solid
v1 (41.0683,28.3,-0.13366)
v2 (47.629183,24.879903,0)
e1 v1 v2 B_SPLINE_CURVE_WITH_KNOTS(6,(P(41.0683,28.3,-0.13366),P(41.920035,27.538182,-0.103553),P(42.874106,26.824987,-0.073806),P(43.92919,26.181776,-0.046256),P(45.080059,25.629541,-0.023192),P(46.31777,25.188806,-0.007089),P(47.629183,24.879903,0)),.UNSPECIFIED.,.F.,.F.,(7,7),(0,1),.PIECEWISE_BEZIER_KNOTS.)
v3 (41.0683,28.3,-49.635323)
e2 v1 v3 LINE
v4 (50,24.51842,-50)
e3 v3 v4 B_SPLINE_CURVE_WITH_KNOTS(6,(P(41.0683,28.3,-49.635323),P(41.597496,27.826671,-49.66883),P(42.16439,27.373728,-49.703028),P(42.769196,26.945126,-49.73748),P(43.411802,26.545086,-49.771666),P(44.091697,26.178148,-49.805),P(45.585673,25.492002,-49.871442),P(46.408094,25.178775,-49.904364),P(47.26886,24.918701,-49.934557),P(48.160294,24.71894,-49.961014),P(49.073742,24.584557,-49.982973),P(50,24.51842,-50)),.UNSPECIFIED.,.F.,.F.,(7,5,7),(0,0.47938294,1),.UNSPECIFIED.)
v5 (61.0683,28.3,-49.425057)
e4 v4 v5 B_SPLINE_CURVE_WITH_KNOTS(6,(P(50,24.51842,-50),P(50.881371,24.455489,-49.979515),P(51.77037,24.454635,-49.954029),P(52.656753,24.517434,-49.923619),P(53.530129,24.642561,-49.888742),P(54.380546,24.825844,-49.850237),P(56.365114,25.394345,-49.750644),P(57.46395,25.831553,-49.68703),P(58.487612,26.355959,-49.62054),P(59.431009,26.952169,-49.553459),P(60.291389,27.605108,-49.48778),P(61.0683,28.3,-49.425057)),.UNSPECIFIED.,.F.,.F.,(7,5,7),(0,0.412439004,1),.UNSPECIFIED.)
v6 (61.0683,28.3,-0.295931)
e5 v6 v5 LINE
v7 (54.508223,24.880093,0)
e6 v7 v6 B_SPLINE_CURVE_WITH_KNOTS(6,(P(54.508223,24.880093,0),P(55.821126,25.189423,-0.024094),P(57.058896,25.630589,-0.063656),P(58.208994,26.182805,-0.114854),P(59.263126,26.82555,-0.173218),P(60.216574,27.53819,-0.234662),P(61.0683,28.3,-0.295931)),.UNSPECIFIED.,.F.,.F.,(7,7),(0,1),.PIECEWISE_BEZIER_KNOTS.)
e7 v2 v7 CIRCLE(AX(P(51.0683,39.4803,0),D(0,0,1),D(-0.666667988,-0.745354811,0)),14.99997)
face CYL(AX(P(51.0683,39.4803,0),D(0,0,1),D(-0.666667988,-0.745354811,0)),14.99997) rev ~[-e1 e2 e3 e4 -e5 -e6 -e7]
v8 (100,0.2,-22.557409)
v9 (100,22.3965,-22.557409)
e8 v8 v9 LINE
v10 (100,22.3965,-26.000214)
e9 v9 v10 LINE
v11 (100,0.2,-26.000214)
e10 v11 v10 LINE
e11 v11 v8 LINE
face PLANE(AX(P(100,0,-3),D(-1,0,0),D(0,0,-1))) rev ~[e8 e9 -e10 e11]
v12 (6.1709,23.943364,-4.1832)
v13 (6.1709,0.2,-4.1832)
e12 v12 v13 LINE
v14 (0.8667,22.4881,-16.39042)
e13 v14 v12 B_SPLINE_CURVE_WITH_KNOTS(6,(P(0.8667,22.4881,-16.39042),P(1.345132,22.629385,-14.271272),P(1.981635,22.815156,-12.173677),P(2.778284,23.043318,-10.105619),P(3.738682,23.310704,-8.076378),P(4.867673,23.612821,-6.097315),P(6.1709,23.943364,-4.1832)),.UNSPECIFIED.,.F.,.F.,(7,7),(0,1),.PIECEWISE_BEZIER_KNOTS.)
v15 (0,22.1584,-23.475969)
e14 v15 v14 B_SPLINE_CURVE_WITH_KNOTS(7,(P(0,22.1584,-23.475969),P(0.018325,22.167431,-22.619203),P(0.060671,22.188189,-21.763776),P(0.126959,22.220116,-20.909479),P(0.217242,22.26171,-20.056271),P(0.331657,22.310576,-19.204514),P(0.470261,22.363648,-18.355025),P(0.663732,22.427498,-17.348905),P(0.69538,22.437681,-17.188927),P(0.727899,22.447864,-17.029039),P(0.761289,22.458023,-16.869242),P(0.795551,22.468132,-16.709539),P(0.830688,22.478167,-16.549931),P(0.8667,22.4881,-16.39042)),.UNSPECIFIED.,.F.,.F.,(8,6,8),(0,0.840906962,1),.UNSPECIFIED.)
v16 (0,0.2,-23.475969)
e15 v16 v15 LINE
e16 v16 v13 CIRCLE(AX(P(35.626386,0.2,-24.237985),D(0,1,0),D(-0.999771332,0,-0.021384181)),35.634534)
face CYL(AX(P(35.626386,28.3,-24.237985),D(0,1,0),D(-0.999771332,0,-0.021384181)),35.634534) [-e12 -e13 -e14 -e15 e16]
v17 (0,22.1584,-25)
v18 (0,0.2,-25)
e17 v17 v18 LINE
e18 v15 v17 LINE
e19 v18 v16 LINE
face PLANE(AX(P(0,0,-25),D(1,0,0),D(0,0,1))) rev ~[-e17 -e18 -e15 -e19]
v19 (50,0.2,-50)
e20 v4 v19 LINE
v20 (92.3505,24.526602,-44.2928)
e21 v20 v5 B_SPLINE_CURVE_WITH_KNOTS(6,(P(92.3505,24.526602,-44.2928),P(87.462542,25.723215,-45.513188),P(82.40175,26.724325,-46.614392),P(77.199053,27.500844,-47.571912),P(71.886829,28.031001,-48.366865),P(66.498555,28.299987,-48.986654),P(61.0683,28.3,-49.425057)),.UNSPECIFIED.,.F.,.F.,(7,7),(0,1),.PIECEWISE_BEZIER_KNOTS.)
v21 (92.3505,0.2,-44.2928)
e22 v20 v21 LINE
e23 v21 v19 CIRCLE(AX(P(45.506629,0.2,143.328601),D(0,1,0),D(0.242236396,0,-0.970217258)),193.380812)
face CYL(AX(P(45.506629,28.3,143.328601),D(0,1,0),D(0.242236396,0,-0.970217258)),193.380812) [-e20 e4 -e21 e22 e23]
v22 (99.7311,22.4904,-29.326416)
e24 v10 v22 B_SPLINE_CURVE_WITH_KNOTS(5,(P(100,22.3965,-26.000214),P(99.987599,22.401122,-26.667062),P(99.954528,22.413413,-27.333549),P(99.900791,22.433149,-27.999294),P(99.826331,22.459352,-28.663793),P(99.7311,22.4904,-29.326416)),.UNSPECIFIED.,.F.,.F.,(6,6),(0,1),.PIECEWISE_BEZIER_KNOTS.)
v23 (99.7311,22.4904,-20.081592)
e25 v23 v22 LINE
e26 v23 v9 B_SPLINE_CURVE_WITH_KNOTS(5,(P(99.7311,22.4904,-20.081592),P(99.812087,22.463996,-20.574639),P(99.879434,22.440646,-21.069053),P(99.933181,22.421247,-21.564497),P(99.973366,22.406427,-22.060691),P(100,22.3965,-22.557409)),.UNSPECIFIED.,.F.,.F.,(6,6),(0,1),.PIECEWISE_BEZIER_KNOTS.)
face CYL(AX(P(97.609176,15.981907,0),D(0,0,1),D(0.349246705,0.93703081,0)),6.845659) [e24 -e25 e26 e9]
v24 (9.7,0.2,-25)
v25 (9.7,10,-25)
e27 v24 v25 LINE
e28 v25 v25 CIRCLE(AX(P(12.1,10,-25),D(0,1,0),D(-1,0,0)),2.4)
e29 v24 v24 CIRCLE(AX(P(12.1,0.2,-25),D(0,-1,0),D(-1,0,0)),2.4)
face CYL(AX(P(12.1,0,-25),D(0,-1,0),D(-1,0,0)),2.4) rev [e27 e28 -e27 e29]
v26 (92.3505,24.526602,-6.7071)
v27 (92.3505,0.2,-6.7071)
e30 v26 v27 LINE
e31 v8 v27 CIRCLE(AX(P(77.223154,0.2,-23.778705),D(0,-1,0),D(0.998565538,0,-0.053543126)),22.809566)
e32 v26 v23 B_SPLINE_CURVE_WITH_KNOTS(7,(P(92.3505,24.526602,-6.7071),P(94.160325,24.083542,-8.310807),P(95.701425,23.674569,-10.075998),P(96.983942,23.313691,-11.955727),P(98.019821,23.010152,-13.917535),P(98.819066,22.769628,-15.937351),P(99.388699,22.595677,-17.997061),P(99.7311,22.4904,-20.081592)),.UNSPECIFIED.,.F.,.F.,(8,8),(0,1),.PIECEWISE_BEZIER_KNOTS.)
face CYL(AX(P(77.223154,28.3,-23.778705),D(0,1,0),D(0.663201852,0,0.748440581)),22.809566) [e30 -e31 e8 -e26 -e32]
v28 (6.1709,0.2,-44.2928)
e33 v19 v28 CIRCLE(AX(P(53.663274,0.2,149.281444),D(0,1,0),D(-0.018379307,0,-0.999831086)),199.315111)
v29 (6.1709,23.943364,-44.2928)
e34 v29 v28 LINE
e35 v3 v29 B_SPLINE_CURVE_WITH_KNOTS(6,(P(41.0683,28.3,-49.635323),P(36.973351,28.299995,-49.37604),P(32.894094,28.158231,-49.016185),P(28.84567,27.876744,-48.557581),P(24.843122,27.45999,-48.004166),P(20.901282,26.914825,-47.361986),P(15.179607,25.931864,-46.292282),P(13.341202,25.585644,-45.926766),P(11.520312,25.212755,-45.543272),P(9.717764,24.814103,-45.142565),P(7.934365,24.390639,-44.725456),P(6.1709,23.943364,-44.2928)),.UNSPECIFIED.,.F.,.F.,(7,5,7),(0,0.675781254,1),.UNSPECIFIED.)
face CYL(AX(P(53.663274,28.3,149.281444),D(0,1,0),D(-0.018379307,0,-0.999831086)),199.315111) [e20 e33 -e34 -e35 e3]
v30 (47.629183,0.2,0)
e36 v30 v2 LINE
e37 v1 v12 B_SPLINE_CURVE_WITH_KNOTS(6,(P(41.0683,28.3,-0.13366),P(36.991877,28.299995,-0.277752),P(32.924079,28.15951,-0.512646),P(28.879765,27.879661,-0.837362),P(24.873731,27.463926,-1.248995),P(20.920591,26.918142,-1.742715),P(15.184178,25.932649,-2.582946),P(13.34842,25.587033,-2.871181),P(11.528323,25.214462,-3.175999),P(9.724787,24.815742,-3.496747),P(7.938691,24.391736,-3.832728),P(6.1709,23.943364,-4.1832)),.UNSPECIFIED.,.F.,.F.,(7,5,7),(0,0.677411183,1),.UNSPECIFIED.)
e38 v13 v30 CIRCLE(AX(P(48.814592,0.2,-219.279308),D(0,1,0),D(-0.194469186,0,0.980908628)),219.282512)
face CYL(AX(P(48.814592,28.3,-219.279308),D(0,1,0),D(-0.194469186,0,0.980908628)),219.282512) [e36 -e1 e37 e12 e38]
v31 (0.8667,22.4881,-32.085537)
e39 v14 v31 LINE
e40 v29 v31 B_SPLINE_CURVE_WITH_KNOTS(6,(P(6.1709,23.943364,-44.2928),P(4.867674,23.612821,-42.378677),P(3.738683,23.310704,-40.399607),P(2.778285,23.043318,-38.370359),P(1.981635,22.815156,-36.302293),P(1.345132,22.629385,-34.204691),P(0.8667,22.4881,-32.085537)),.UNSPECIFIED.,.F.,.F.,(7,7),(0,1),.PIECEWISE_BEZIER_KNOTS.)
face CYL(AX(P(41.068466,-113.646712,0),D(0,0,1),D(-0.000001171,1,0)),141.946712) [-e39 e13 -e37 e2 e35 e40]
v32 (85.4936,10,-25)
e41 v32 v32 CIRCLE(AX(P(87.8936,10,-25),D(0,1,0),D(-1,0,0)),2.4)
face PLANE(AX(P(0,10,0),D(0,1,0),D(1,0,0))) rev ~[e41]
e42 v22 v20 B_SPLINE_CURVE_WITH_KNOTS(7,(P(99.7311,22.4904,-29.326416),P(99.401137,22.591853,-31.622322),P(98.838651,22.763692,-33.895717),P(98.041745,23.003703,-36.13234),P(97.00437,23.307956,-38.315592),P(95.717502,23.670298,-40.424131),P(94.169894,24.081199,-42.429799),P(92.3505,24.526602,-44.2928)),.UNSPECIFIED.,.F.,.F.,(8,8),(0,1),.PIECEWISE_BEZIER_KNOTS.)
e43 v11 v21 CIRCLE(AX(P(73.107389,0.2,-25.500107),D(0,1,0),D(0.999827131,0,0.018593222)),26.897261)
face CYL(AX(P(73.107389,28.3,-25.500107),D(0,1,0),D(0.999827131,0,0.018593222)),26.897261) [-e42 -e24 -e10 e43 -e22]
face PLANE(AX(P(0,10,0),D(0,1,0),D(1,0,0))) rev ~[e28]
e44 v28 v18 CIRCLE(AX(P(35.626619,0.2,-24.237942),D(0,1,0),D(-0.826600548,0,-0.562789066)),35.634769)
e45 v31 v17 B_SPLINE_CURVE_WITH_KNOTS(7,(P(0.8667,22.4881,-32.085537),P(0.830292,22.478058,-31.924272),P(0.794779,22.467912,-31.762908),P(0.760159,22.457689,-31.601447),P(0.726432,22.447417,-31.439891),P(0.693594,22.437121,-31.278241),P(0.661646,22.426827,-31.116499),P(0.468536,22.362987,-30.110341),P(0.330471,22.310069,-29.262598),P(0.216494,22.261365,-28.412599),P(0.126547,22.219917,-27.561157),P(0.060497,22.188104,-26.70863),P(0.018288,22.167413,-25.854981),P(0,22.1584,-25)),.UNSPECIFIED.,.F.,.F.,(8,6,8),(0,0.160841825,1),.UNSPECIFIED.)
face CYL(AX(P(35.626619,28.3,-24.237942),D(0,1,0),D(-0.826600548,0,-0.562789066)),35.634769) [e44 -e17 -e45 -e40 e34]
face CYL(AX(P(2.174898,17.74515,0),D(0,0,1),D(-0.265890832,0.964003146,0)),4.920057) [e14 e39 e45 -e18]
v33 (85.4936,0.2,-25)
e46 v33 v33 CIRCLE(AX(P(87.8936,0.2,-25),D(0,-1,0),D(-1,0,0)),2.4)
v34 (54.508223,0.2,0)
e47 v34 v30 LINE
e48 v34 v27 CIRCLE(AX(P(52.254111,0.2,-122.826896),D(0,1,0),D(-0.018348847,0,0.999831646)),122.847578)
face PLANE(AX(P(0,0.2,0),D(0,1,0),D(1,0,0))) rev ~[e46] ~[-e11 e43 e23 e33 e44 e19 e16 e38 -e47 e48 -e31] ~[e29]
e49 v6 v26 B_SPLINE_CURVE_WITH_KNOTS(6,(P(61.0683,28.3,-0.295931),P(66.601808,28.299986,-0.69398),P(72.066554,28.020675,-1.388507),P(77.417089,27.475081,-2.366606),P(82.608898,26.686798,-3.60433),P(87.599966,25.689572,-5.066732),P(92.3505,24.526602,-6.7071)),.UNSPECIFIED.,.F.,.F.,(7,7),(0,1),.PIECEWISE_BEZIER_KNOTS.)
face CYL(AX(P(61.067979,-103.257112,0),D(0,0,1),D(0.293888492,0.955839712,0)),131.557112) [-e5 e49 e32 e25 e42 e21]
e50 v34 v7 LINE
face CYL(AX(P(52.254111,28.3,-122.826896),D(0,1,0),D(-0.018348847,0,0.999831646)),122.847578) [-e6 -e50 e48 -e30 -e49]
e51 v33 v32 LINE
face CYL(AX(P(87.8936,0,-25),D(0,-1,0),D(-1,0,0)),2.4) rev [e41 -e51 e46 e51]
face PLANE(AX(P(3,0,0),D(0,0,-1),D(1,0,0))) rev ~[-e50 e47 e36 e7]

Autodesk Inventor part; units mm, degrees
ref_plane "YZ Plane" through (0, 0, 0) normal (1, 0, 0) x (0, 1, 0)
ref_plane "XZ Plane" through (0, 0, 0) normal (0, 1, 0) x (-1, 0, 0)
ref_plane "XY Plane" through (0, 0, 0) normal (0, 0, 1) x (1, 0, 0)
sketch "Sketch1" plane through (0, 0, 0) normal (0, 1, 0) x (-1, 0, 0)
  line L0 (-3, 0) -> (-97, 0)
  line L1 (-100, -3) -> (-100, -47)
  line L2 (-97, -50) -> (-3, -50)
  line L3 (0, -47) -> (0, -3)
  line L4 (0, -50) -> (0, -25)
  line L5 (0, -25) -> (-12.1, -25)
  circle A0 centre (-12.1, -25) radius 2.4
  line L6 (-12.1, -25) -> (-87.8936, -25)
  circle A1 centre (-87.8936, -25) radius 2.4
  arc A2 (0, -3) -> (-3, 0) centre (-3, -3) ccw
  arc A3 (-3, -50) -> (0, -47) centre (-3, -47) ccw
  arc A4 (-97, 0) -> (-100, -3) centre (-97, -3) ccw
  arc A5 (-100, -47) -> (-97, -50) centre (-97, -47) ccw
  point P0 (0, 0)
  point P1 (-100, -50)
  point P2 (-100, 0)
  dimension "d0" = 100
  dimension "d1" = 50
  dimension "d2" = 25
  dimension "d3" = 12.1
  dimension "d4" = 4.8
  dimension "d5" = 75.7936
  dimension "d6" = 4.8
  dimension "d7" = 3
extrude "Extrusion1" add sketch "Sketch1" along normal blind 10
sketch "Sketch2" plane through (0, 10, 0) normal (0, 1, 0) x (1, 0, 0)
  line L0 (2, 0) -> (98, 0)
  line L1 (100, 2) -> (100, 48)
  line L2 (98, 50) -> (2, 50)
  line L3 (0, 48) -> (0, 2)
  arc A0 (98, 0) -> (100, 2) centre (98, 2) ccw
  arc A1 (0, 2) -> (2, 0) centre (2, 2) ccw
  arc A2 (2, 50) -> (0, 48) centre (2, 48) ccw
  arc A3 (100, 48) -> (98, 50) centre (98, 48) ccw
  point P0 (0, 0)
  dimension "d10" = 2
extrude "Extrusion2" add sketch "Sketch2" along normal blind 18.3
sketch "Sketch3" plane through (3, 0, 0) normal (0, 0, 1) x (1, 0, 0)
  point P0 (-3, 0)
sketch "Sketch4" plane through (0, 28.3, 0) normal (0, 1, 0) x (1, 0, 0)
  line L0 (3, 0) -> (97, 0) projected
  arc A0 (6.1709, 4.1832) -> (50, 0) centre (48.8144, 219.278) ccw
  line L1 (0, 47) -> (0, 3) projected
  arc A1 (0, 25) -> (6.1709, 4.1832) centre (35.6265, 24.238) ccw
  arc A2 (6.1709, 44.2928) -> (0, 25) centre (35.6265, 24.238) ccw
  line L2 (97, 50) -> (3, 50) projected
  arc A3 (50, 50) -> (6.1709, 44.2928) centre (53.6635, -149.2845) ccw
  arc A4 (92.3505, 44.2928) -> (50, 50) centre (45.5073, -143.3251) ccw
  line L3 (100, 3) -> (100, 47) projected
  arc A5 (100, 25) -> (92.3505, 44.2928) centre (73.1068, 25.5) ccw
  arc A6 (92.3505, 6.7071) -> (100, 25) centre (77.2233, 23.7786) ccw
  arc A7 (50, 0) -> (92.3505, 6.7071) centre (52.254, 122.8285) ccw
  point P0 (0, 0)
extrude "Extrusion3" cut sketch "Sketch4" against normal blind 28.1 keep common part
sketch "Sketch5" plane through (47.6287, 28.3, 0) normal (0, 0, 1) x (1, 0, 0)
  line L0 (0, 0) -> (6.8792, 0) projected
  line L1 (3.4396, 0) -> (-6.5604, 0)
  line L2 (3.4396, 0) -> (13.4396, 0)
  line L3 (6.8792, 0) -> (44.7218, 0) projected
  arc A0 (-6.5604, 0) -> (13.4396, 0) centre (3.4396, 11.1803) ccw
  point P0 (-47.6287, -28.3)
  dimension "d15" = 10
  dimension "d16" = 10
  dimension "d17" = 15
extrude "Extrusion4" cut sketch "Sketch5" against normal blind 50
sketch "Sketch6" plane through (47.6287, 0.2, 0) normal (0, 0, 1) x (1, 0, 0)
  arc A0 (-6.5604, 28.1) -> (-46.762, 22.2881) centre (-6.5604, -113.8444) ccw
  arc A1 (52.1024, 22.2904) -> (13.4396, 28.1) centre (13.4396, -103.4557) ccw
  line L0 (52.1024, 22.2904) -> (52.3713, 28.1)
  line L1 (52.3713, 28.1) -> (13.4396, 28.1)
  line L2 (-6.5604, 28.1) -> (-47.6287, 28.1)
  line L3 (-47.6287, 28.1) -> (-46.762, 22.2881)
  point P0 (-47.6287, -0.2)
extrude "Extrusion5" cut sketch "Sketch6" against normal blind 50
sketch "Sketch7" plane through (47.6287, 0.2, 0) normal (0, 0, 1) x (1, 0, 0)
  line L0 (-47.6287, 28.1) -> (-47.6287, 0) projected
  arc A0 (-46.762, 22.2881) -> (-47.6287, 21.9584) centre (-45.4512, 17.5372) ccw
  line L1 (-47.6287, 21.9584) -> (-47.6287, 28.1)
  line L2 (-46.762, 22.2881) -> (-47.6287, 28.1)
  point P0 (-47.6287, -0.2)
extrude "Extrusion6" cut sketch "Sketch7" against normal blind 50
sketch "Sketch8" plane through (47.6287, 0.2, 0) normal (0, 0, 1) x (1, 0, 0)
  line L0 (52.3713, 28.1) -> (52.3713, 0) projected
  line L1 (52.1024, 22.2904) -> (52.3713, 28.1) projected
  arc A0 (52.3713, 22.1965) -> (52.1024, 22.2904) centre (49.9324, 15.6487) ccw
  line L2 (52.1024, 22.2904) -> (52.3713, 28.1)
  line L3 (52.3713, 28.1) -> (52.3713, 22.1965)
  point P0 (-47.6287, -0.2)
extrude "Extrusion7" cut sketch "Sketch8" against normal blind 50
properties part number "SSOK"
